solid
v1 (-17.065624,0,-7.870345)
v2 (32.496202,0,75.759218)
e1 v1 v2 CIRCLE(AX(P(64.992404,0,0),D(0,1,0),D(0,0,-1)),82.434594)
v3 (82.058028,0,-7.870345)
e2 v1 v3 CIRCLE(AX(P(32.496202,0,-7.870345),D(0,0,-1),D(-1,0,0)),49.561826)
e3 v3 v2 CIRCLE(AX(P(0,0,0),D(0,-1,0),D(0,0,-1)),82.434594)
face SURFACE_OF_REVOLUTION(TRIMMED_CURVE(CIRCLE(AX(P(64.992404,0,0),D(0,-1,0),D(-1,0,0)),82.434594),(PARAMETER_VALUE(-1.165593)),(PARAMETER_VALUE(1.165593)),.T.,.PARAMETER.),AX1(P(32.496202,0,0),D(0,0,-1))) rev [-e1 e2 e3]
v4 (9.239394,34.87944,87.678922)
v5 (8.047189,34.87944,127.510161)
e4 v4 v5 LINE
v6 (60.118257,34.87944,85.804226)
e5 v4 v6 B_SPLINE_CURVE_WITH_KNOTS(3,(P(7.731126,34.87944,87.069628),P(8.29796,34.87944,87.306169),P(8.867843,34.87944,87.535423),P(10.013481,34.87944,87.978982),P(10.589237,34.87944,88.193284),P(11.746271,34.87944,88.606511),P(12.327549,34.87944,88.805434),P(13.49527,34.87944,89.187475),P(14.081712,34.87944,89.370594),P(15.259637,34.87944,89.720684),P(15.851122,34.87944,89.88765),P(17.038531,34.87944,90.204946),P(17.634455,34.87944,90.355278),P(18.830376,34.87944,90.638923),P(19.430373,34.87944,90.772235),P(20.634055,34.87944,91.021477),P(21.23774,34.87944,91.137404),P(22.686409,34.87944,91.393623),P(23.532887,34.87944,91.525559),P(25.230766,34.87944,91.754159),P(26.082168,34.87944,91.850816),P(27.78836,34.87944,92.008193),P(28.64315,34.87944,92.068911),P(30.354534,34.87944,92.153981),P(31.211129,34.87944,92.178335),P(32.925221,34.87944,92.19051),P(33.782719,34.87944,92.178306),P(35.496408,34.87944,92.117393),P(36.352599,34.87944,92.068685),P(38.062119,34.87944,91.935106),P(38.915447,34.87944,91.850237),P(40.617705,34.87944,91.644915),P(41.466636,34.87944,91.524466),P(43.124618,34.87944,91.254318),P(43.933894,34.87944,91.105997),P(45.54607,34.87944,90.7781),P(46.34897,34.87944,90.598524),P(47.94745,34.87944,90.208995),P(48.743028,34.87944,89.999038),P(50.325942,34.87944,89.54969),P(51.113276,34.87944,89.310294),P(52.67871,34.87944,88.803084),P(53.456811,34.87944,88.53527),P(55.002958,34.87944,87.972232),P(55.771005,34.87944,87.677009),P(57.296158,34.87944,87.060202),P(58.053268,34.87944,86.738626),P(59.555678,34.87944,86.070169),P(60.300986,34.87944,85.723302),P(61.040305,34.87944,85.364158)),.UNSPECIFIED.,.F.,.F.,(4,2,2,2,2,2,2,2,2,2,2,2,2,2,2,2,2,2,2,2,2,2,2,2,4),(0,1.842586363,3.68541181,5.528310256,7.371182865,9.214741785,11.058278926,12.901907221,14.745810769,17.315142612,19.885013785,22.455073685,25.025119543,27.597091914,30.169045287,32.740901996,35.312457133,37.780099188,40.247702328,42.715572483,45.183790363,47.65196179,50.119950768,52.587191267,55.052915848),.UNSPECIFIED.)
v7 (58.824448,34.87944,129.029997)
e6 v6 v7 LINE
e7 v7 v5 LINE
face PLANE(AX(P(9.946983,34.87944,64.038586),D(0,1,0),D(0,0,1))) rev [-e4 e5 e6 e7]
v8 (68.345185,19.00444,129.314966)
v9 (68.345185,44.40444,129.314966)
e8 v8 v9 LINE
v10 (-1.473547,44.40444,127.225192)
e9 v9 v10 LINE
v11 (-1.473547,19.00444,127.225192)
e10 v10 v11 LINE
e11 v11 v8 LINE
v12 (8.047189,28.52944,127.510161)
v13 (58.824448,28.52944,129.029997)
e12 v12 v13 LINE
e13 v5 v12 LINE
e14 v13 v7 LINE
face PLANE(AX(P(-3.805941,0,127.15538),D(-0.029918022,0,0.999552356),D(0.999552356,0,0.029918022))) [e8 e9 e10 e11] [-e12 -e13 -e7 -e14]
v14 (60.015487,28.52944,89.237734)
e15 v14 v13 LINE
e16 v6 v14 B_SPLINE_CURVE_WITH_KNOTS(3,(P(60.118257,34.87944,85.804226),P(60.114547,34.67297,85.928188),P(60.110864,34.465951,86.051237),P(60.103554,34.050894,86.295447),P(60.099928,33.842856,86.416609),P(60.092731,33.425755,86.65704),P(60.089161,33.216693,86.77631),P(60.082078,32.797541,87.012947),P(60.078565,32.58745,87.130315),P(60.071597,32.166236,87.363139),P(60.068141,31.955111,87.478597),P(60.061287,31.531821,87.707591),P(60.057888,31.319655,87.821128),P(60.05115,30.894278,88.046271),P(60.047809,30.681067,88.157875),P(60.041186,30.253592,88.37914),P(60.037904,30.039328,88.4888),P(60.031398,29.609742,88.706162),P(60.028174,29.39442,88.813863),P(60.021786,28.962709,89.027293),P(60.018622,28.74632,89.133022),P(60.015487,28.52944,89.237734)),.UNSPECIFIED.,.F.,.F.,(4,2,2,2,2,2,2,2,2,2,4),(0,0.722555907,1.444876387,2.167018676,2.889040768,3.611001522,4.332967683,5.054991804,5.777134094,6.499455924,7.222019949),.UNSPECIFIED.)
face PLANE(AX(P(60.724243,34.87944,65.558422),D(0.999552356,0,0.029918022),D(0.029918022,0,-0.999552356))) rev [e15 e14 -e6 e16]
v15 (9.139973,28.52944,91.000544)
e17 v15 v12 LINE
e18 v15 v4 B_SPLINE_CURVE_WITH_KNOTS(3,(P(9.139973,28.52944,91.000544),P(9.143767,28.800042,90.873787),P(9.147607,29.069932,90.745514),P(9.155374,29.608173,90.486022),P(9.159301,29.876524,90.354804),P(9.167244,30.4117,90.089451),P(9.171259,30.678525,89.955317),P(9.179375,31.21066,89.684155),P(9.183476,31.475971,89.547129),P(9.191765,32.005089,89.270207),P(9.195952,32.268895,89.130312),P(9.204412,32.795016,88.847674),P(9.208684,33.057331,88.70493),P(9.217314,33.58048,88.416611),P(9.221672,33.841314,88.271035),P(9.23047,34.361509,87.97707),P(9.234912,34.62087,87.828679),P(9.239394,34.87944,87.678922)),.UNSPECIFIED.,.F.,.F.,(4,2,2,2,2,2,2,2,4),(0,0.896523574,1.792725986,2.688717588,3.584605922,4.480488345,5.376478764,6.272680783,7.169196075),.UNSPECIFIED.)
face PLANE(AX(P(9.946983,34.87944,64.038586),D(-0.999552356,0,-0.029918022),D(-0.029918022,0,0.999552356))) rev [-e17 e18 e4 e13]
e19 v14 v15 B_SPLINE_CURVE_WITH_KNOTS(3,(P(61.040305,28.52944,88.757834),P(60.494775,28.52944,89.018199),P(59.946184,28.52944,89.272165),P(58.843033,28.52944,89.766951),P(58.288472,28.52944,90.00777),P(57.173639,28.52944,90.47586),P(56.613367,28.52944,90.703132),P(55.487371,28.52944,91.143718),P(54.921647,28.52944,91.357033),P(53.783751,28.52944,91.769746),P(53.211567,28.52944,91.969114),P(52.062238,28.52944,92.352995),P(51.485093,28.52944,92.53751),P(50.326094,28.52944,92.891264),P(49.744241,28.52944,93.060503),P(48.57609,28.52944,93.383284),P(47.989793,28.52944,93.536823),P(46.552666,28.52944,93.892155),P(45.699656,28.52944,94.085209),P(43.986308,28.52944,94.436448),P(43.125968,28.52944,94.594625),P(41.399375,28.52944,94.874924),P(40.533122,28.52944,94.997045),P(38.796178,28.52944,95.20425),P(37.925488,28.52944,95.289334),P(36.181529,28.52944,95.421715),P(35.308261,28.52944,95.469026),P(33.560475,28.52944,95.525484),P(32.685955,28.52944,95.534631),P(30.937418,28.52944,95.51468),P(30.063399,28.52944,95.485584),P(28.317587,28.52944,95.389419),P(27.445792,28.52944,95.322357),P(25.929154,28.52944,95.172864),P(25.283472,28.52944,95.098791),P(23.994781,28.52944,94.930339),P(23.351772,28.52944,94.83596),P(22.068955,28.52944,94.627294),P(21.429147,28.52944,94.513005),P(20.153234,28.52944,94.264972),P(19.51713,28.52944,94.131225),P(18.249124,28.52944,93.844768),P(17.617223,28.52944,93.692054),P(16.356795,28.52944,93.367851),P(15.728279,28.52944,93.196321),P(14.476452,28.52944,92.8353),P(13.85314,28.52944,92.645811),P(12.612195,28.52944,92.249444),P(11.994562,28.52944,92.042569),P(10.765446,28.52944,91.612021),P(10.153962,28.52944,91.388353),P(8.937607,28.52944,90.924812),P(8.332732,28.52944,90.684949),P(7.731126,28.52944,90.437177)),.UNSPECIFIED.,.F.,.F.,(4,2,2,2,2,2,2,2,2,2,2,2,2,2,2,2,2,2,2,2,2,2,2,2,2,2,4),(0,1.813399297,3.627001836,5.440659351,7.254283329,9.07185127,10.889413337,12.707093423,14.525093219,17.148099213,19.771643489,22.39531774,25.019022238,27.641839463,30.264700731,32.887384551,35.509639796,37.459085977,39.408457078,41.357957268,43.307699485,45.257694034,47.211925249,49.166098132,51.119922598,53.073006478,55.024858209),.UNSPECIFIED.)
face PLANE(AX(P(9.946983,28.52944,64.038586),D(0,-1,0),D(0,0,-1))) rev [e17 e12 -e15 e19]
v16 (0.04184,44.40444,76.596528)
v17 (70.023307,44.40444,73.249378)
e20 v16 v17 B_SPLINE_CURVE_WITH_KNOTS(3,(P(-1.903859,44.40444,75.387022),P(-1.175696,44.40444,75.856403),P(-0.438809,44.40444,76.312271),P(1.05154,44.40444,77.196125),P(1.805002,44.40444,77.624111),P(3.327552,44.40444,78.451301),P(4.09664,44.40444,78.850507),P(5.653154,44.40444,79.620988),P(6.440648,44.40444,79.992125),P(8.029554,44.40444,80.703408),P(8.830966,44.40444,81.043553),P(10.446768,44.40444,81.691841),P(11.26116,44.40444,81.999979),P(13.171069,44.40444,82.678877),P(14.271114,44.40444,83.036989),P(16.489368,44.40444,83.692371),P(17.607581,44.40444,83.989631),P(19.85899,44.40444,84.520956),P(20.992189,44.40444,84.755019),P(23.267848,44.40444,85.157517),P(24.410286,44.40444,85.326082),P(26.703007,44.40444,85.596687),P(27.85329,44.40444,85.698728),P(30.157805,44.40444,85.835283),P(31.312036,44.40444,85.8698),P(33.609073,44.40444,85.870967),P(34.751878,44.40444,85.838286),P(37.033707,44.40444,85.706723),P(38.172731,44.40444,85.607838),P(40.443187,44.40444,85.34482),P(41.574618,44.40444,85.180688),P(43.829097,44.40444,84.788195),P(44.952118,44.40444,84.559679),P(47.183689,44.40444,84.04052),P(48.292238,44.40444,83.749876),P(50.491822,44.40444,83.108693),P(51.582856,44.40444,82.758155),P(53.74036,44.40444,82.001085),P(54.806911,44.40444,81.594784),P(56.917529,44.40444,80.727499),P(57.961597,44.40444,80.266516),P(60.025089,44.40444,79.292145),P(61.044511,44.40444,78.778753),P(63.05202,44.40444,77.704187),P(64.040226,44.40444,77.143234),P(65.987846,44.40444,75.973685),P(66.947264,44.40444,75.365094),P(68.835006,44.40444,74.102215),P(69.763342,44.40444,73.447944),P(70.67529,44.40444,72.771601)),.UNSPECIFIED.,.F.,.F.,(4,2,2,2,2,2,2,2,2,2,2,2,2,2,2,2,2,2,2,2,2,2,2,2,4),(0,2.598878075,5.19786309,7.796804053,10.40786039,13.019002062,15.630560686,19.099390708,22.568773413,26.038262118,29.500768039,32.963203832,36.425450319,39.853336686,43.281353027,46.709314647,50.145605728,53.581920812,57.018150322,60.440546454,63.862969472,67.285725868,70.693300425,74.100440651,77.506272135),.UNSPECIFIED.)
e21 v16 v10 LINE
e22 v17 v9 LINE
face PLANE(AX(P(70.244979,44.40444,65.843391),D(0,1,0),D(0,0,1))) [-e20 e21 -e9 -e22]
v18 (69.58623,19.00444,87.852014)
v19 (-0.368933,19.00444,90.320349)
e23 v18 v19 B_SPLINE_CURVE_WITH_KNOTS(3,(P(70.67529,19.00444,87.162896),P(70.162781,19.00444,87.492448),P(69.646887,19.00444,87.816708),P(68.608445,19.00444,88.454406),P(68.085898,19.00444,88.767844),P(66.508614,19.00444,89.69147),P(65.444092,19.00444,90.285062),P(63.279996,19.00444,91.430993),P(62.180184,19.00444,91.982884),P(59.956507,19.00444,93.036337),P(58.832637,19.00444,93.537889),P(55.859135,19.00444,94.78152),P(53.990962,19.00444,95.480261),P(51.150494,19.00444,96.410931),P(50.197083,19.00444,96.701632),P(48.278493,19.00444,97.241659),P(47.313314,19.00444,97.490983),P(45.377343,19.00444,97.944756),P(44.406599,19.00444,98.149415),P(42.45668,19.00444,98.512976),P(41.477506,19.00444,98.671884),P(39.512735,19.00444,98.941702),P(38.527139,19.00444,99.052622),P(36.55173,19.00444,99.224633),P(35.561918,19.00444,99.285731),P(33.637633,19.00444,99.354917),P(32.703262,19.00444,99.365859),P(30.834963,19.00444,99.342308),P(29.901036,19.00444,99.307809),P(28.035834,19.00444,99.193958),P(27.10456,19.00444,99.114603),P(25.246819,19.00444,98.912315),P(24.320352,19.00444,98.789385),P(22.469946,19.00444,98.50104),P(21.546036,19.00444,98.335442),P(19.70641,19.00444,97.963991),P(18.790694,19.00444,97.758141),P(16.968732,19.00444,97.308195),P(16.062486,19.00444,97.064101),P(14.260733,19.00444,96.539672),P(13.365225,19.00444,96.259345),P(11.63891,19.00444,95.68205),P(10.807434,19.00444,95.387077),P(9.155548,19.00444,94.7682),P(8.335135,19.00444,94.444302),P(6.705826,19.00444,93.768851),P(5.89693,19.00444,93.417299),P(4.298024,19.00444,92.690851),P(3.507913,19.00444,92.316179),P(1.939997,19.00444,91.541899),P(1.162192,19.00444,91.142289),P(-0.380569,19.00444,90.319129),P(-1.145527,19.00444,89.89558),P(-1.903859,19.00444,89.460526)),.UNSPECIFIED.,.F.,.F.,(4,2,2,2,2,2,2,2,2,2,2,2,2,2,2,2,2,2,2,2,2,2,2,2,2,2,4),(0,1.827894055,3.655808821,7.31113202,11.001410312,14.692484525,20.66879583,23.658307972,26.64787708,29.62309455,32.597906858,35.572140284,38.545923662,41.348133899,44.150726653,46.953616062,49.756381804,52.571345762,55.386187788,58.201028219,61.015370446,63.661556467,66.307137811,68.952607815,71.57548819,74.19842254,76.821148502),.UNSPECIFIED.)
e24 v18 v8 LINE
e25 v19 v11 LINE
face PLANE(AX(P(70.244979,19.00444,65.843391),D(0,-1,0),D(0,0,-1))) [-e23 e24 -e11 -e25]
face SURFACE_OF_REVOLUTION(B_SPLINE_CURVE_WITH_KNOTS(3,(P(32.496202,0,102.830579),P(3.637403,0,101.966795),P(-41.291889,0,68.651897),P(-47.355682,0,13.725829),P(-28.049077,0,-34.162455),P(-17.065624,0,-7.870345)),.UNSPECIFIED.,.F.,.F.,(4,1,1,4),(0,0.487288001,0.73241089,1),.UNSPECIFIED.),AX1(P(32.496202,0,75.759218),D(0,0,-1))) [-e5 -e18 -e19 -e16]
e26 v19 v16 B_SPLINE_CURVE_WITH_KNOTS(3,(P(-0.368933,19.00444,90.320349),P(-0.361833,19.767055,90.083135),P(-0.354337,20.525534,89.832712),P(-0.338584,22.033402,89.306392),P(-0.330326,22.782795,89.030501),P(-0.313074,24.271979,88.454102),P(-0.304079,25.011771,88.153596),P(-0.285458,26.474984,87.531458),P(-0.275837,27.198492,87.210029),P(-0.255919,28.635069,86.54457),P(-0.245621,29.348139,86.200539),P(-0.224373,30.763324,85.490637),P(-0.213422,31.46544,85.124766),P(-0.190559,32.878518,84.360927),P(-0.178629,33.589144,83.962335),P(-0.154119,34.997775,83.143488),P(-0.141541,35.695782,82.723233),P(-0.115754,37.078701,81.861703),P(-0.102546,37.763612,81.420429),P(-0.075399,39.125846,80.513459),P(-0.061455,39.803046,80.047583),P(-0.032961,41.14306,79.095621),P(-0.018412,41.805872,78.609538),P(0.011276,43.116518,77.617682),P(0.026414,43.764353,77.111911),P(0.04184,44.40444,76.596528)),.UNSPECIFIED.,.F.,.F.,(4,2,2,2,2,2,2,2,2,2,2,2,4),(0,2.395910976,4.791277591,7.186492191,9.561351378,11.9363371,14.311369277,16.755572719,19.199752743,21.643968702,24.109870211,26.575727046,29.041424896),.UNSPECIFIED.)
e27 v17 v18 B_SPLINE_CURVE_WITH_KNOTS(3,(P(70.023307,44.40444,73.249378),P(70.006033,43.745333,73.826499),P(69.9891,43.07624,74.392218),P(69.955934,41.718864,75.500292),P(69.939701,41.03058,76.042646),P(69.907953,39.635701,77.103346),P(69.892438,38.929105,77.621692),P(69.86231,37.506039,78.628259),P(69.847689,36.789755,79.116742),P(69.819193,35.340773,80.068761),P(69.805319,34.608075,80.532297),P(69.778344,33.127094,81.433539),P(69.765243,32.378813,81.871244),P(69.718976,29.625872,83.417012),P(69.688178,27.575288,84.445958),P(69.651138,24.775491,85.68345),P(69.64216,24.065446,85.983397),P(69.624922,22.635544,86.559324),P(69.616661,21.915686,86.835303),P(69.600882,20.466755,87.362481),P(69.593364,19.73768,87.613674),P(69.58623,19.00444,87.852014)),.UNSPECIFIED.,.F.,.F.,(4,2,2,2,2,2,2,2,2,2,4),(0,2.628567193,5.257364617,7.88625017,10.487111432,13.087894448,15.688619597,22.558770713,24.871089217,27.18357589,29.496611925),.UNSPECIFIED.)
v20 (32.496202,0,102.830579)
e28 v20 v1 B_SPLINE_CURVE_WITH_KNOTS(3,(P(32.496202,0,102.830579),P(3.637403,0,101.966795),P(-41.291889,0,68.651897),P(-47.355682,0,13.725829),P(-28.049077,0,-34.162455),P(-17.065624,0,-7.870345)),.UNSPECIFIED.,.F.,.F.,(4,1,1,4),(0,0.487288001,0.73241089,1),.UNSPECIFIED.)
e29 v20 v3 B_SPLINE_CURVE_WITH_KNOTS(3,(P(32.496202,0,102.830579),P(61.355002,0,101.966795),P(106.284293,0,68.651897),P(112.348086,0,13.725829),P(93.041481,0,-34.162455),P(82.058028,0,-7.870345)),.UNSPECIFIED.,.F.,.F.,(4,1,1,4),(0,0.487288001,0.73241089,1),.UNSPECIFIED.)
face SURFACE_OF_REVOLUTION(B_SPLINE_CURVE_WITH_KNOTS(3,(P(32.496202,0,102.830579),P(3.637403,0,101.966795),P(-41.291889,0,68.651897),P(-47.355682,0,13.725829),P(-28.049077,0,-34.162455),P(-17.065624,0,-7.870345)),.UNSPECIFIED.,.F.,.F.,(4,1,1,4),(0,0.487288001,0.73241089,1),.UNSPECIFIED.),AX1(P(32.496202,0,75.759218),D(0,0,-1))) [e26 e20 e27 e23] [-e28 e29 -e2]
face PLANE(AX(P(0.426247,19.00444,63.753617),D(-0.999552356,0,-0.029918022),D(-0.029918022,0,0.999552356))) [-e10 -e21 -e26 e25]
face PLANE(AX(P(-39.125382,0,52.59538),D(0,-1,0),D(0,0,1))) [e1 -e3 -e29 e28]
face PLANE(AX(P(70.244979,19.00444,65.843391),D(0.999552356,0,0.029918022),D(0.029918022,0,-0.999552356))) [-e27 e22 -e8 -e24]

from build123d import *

# Parameters (mm, degrees)
REVOLVE1_ANGLE           = 180
SKETCH3_W                = 69.85
SKETCH3_H                = 25.4
SKETCH3_W_2              = 50.8
SKETCH3_H_2              = 6.35
BOSS_EXTRUDE7_DEPTH      = 25.4
BOSS_EXTRUDE7_DEPTH_BACK = 38.1


with BuildPart() as part:
    # Sketch2 → Revolve1 (revolve)
    with BuildSketch(Plane(origin=(0, 0, 0), x_dir=(1, 0, 0), z_dir=(0, 1, 0))):
        with BuildLine():
            Line((32.496202247, -75.759218491), (32.496202247, -102.830579492))
            add(Edge.make_bspline(
                [(82.058028303, 7.870345482), (93.041481389, 34.162455024), (112.348086196, -13.725828539), (106.284293116, -68.651897164), (61.355001648, -101.966794635), (32.496202247, -102.830579492)],
                knots=[0, 0, 0, 0, 0.26758911, 0.512711999, 1, 1, 1, 1], degree=3))
            ThreePointArc((82.058028303, 7.870345482), (70.916457376, -42.027591177), (32.496202247, -75.759218491))
        make_face()
    revolve(axis=Axis((32.496202247, 0, 75.759218491), (0, 0, 1)), revolution_arc=REVOLVE1_ANGLE)

    # Sketch3 → Boss-Extrude7 (add, two sides)
    with BuildSketch(Plane(origin=(32.496202247, 0, 102.830579492), x_dir=(0.999552356, 0, 0.029918022), z_dir=(-0.029918022, 0, 0.999552356))) as boss_extrude7_sk:
        with Locations((1.700295248, 31.70443969)):
            Rectangle(SKETCH3_W, SKETCH3_H)
        with Locations((1.700295248, 31.70443969)):
            Rectangle(SKETCH3_W_2, SKETCH3_H_2, mode=Mode.SUBTRACT)
    extrude(amount=BOSS_EXTRUDE7_DEPTH)
    extrude(boss_extrude7_sk.sketch, amount=-BOSS_EXTRUDE7_DEPTH_BACK)


solid = part.part
